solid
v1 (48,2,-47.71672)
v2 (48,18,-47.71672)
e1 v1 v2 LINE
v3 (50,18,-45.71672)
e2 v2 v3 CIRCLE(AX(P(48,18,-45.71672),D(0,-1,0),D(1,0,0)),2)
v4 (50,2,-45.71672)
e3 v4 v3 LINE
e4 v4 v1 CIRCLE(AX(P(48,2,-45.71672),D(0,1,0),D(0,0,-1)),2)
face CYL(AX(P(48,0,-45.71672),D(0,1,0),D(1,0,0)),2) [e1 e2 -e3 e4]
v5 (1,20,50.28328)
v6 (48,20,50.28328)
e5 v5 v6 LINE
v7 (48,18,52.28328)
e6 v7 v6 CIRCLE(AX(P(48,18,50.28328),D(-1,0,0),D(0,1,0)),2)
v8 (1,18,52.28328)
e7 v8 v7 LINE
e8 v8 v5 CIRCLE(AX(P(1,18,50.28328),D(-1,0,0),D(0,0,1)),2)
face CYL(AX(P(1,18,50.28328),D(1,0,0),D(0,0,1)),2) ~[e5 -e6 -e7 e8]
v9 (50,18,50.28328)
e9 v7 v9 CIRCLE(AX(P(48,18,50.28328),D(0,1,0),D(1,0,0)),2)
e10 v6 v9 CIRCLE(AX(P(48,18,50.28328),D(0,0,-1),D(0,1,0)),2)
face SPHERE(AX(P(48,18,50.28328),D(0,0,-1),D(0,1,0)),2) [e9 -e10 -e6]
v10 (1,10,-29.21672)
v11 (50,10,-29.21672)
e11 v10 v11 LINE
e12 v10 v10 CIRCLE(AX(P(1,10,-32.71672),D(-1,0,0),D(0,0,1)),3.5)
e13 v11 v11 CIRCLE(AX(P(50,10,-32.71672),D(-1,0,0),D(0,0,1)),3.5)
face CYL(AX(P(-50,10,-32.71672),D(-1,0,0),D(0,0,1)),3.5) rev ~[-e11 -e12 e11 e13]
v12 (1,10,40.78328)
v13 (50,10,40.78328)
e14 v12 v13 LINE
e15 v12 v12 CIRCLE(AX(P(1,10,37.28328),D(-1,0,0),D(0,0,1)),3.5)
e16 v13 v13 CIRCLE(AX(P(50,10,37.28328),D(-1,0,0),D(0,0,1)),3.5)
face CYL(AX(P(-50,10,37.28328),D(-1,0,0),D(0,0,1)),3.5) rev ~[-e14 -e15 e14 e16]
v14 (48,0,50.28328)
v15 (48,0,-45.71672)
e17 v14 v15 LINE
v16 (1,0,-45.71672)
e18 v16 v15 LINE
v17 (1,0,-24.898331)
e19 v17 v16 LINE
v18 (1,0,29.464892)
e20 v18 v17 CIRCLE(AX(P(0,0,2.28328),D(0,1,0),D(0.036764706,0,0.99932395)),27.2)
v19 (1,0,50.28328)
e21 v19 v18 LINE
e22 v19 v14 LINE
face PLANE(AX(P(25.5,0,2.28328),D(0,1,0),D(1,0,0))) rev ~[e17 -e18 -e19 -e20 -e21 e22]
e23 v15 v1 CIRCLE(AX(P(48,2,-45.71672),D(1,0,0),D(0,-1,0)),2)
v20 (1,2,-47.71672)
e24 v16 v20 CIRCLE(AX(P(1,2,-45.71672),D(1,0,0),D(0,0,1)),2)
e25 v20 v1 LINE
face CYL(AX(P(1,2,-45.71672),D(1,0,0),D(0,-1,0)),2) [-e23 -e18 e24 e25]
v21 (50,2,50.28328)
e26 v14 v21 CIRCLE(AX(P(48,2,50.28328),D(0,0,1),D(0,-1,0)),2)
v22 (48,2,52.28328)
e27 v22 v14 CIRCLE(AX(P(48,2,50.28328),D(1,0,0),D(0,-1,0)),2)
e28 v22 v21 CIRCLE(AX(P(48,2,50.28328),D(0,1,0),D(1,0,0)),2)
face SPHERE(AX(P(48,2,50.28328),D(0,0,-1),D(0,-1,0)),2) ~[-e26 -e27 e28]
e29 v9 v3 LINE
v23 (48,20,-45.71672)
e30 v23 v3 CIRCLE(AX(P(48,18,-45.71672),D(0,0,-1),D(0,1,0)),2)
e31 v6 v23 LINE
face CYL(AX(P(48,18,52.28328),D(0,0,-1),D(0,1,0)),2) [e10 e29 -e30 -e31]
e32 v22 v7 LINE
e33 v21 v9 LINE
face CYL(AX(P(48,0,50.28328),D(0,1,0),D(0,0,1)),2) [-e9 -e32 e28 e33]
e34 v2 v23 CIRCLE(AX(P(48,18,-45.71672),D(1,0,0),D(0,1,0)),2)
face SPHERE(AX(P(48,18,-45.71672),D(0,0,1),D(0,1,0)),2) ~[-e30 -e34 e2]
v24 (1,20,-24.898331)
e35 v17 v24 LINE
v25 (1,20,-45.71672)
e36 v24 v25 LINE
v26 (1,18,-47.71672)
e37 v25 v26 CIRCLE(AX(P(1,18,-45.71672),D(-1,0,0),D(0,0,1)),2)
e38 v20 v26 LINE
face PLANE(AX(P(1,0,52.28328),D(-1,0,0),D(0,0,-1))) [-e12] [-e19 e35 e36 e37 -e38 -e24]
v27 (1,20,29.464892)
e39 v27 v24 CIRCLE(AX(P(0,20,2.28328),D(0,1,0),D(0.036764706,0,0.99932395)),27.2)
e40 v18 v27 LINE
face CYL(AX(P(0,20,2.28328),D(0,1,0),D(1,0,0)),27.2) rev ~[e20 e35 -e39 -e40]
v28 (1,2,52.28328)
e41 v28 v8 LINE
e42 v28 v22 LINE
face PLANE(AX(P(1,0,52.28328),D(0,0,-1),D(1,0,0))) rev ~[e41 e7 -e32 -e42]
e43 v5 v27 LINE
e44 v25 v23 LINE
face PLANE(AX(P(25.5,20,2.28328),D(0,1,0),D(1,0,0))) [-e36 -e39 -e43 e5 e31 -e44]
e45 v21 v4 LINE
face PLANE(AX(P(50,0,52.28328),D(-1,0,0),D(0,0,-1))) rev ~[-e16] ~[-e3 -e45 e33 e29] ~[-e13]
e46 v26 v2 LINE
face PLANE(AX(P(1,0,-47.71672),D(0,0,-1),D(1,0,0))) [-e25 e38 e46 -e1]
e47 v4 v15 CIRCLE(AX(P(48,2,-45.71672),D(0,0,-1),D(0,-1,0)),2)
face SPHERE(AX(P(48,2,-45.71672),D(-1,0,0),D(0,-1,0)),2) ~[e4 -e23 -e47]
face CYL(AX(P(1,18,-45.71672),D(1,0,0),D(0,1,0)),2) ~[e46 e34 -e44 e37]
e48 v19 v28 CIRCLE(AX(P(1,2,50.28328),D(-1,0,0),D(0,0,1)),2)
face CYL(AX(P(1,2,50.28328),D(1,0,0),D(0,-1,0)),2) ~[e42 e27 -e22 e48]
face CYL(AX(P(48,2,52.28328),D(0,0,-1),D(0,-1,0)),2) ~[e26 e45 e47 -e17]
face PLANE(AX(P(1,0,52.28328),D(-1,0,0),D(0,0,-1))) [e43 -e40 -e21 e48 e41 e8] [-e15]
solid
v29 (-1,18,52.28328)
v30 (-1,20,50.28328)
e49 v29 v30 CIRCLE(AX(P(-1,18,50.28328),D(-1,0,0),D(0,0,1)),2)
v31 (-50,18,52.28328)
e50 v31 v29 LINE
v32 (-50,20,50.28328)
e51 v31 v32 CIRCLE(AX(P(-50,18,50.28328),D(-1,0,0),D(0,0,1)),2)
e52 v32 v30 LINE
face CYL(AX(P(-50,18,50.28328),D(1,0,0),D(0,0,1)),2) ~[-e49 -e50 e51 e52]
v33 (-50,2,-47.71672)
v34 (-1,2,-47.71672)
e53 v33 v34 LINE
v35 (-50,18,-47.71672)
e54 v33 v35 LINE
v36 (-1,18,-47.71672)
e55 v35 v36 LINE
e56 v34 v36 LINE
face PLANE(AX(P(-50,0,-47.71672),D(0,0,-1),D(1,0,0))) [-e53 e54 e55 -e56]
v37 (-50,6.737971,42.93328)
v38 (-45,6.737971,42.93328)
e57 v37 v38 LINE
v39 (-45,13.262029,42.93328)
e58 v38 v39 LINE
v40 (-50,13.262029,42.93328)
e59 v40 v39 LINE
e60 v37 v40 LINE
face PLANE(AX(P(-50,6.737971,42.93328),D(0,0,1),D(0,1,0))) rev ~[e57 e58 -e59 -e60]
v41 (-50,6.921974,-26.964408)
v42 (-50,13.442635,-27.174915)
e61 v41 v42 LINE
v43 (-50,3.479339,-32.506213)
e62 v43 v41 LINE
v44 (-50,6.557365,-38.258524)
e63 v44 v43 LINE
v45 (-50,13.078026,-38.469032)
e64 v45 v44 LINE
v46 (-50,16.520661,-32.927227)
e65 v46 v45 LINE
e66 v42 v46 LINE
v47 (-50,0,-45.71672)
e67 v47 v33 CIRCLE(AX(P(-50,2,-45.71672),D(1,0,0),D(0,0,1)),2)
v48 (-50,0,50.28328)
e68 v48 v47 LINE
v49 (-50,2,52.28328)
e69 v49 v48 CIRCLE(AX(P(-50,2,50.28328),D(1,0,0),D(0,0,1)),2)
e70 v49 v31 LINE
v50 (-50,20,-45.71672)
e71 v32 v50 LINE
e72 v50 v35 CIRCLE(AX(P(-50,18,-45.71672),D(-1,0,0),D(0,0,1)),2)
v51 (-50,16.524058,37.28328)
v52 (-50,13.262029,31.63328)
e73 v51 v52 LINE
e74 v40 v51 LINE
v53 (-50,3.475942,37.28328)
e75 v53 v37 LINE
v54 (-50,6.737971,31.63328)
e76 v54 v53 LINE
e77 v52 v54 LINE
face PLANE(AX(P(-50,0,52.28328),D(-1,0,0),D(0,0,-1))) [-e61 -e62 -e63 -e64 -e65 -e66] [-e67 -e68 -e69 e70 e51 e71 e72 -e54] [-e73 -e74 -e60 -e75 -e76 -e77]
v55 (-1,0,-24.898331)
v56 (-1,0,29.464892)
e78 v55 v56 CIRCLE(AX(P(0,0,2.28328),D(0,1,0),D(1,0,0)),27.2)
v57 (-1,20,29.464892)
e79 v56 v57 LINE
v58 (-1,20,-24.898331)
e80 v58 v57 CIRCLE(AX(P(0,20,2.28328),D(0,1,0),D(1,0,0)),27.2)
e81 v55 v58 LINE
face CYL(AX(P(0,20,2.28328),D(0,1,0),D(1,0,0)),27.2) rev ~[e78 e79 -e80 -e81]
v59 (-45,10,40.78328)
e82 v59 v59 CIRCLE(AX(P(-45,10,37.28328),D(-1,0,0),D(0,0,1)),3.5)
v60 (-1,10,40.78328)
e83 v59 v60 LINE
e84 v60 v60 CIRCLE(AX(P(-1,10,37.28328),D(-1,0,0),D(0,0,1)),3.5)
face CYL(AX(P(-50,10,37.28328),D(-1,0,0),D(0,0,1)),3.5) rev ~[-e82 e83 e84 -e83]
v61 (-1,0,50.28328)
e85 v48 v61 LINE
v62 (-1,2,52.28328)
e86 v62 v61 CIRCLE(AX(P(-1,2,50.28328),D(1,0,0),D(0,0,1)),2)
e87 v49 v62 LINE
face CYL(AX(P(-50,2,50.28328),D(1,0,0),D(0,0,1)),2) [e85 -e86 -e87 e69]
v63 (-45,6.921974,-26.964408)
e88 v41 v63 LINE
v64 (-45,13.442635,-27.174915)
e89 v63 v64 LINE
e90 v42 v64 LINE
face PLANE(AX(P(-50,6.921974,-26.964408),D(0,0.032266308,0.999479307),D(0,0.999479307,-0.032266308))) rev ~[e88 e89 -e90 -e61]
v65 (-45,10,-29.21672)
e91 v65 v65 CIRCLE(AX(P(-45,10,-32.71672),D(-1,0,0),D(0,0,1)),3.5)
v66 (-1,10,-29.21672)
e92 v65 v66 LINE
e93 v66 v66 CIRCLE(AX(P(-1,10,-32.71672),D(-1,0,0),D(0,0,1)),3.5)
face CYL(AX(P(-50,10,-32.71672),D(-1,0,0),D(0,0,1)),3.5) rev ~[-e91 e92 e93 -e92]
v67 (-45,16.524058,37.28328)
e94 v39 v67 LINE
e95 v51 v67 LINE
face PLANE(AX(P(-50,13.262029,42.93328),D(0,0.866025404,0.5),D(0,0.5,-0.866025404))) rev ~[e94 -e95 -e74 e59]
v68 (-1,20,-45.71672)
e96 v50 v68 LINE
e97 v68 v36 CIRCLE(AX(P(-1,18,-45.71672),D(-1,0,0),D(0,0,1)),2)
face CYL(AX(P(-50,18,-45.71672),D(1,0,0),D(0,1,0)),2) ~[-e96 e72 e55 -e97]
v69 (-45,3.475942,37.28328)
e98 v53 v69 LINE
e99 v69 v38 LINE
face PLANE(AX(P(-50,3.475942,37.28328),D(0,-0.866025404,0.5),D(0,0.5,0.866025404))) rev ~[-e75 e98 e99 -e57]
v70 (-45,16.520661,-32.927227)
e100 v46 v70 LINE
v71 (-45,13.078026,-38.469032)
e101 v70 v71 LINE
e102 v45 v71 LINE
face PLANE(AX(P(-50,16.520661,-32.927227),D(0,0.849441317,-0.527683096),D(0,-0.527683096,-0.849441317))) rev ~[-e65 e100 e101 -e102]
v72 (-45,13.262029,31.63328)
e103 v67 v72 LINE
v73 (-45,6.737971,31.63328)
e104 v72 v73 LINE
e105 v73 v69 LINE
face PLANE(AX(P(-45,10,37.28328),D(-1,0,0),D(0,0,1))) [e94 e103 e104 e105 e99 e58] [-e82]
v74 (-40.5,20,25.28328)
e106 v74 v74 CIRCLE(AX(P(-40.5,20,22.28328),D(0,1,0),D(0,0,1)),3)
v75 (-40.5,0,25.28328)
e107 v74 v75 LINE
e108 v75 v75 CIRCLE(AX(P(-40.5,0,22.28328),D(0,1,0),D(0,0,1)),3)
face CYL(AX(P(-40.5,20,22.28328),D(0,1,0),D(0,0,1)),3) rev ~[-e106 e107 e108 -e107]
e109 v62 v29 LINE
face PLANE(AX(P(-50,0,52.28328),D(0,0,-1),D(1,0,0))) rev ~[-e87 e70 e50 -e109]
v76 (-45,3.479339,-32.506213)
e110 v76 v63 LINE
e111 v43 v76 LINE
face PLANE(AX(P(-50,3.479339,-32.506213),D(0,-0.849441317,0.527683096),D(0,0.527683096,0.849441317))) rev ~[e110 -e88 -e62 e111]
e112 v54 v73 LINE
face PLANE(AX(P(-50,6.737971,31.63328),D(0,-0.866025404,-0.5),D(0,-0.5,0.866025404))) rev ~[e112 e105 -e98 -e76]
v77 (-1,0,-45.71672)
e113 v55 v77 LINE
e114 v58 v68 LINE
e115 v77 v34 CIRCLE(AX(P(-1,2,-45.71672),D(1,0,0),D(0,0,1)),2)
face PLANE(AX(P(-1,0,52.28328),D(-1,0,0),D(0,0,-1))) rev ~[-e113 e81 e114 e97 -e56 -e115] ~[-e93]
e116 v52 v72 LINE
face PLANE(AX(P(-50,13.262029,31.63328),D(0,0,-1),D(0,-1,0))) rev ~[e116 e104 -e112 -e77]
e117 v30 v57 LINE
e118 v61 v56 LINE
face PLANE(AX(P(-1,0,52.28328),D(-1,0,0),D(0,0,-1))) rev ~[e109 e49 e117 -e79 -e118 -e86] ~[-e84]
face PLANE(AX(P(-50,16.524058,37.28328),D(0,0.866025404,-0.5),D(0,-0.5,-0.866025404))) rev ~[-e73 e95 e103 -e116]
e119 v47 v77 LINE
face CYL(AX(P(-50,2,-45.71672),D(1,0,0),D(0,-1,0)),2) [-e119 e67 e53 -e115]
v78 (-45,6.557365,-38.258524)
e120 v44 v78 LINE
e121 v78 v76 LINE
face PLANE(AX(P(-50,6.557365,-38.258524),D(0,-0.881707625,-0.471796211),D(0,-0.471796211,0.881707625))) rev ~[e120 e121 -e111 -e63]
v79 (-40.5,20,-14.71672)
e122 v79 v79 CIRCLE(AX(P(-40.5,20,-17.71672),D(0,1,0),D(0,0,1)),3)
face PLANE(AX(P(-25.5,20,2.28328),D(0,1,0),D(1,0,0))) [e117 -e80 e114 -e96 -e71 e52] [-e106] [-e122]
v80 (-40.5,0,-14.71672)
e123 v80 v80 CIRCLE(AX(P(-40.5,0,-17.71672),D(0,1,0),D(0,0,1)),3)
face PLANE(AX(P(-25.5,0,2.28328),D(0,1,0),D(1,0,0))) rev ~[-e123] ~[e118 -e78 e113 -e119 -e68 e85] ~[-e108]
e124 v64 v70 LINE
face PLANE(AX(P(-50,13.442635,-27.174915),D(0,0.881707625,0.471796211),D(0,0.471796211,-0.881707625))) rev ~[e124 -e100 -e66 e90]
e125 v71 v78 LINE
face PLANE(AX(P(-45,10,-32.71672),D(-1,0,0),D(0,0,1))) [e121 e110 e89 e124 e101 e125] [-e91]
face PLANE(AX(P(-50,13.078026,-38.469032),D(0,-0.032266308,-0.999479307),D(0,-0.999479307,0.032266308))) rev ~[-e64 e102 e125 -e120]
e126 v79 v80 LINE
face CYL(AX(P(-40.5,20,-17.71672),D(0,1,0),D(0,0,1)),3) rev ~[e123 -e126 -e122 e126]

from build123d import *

# Parameters (mm, degrees)
ESQUISSE1_W             = 49
ESQUISSE1_H             = 100
BOSS_EXTRU_1_DEPTH      = 20
ESQUISSE2_W             = 49
ESQUISSE2_H             = 100
BOSS_EXTRU_2_DEPTH      = 20
ESQUISSE3_R             = 27.2
ENL_V_MAT_EXTRU_1_DEPTH = 76.056920996
ESQUISSE4_R             = 3.5
ENL_V_MAT_EXTRU_2_DEPTH = 115.60166399
ESQUISSE5_R             = 3
ENL_V_MAT_EXTRU_3_DEPTH = 76.056920996
ENL_V_MAT_EXTRU_5_DEPTH = 5
CONG_1_R                = 2
CONG_2_R                = 2


with BuildPart() as part:
    # Esquisse1 → Boss.-Extru.1 (new body)
    with BuildSketch(Plane(origin=(0, 0, 0), x_dir=(1, 0, 0), z_dir=(0, 1, 0))):
        with Locations((25.5, -2.283280209)):
            Rectangle(ESQUISSE1_W, ESQUISSE1_H)
    extrude(amount=BOSS_EXTRU_1_DEPTH)


with BuildPart() as body_2:
    # Esquisse2 → Boss.-Extru.2 (new body)
    with BuildSketch(Plane(origin=(0, 0, 0), x_dir=(1, 0, 0), z_dir=(0, 1, 0))):
        with Locations((-25.5, -2.283280209)):
            Rectangle(ESQUISSE2_W, ESQUISSE2_H)
    extrude(amount=BOSS_EXTRU_2_DEPTH)


with BuildPart() as enl_v_mat_extru_1_tool:
    # Esquisse3 → Enlèv. mat.-Extru.1 (new, through all)
    with BuildSketch(Plane(origin=(0, 20, 0), x_dir=(1, 0, 0), z_dir=(0, 1, 0))):
        with Locations((0, -2.283280209)):
            Circle(ESQUISSE3_R)
    extrude(amount=-ENL_V_MAT_EXTRU_1_DEPTH)


with BuildPart() as part_1:
    add(part.part)

    # Enlèv. mat.-Extru.1: cut by enl_v_mat_extru_1_tool
    add(enl_v_mat_extru_1_tool.part, mode=Mode.SUBTRACT)


with BuildPart() as body_2_1:
    add(body_2.part)

    # Enlèv. mat.-Extru.1: cut by enl_v_mat_extru_1_tool
    add(enl_v_mat_extru_1_tool.part, mode=Mode.SUBTRACT)


with BuildPart() as enl_v_mat_extru_2_tool:
    # Esquisse4 → Enlèv. mat.-Extru.2 (new, through all)
    with BuildSketch(Plane.ZY.offset(50)):
        with Locations((-32.716719791, 10)):
            Circle(ESQUISSE4_R)
        with Locations((37.283280209, 10)):
            Circle(ESQUISSE4_R)
    extrude(amount=-ENL_V_MAT_EXTRU_2_DEPTH)


with BuildPart() as part_2:
    add(part_1.part)

    # Enlèv. mat.-Extru.2: cut by enl_v_mat_extru_2_tool
    add(enl_v_mat_extru_2_tool.part, mode=Mode.SUBTRACT)

    # Congé2
    cong_2_edges = [part_2.edges().sort_by_distance(p)[0] for p in [
        (50, 20, 2.283280209),
        (25.5, 20, -47.716719791),
        (25.5, 0, -47.716719791),
        (50, 0, 2.283280209),
        (25.5, 0, 52.283280209),
        (25.5, 20, 52.283280209),
        (50, 10, -47.716719791),
        (50, 10, 52.283280209),
    ]]
    fillet(cong_2_edges, radius=CONG_2_R)


with BuildPart() as body_2_2:
    add(body_2_1.part)

    # Enlèv. mat.-Extru.2: cut by enl_v_mat_extru_2_tool
    add(enl_v_mat_extru_2_tool.part, mode=Mode.SUBTRACT)

    # Esquisse5 → Enlèv. mat.-Extru.3 (cut, through all)
    with BuildSketch(Plane(origin=(0, 20, 0), x_dir=(1, 0, 0), z_dir=(0, 1, 0))):
        with Locations(Location((-40.5, 17.716719791, 0), (0, 0, 270))):
            Circle(ESQUISSE5_R)
        with Locations(Location((-40.5, -22.283280209, 0), (0, 0, 270))):
            Circle(ESQUISSE5_R)
    extrude(amount=-ENL_V_MAT_EXTRU_3_DEPTH, mode=Mode.SUBTRACT)

    # Esquisse7 → Enlèv. mat.-Extru.5 (cut)
    with BuildSketch(Plane.ZY.offset(50)):
        Polygon((-26.964408073, 6.921974135), (-27.174915339, 13.442635146), (-32.927227058, 16.520661011), (-38.46903151, 13.078025865), (-38.258524244, 6.557364854), (-32.506212525, 3.479338989), align=None)
        Polygon((37.283280209, 3.475941958), (42.933280209, 6.737970979), (42.933280209, 13.262029021), (37.283280209, 16.524058042), (31.633280209, 13.262029021), (31.633280209, 6.737970979), align=None)
    extrude(amount=-ENL_V_MAT_EXTRU_5_DEPTH, mode=Mode.SUBTRACT)

    # Congé1
    cong_1_edges = [body_2_2.edges().sort_by_distance(p)[0] for p in [
        (-25.5, 20, 52.283280209),
        (-25.5, 20, -47.716719791),
        (-25.5, 0, 52.283280209),
        (-25.5, 0, -47.716719791),
    ]]
    fillet(cong_1_edges, radius=CONG_1_R)


solid = Compound([part_2.part, body_2_2.part])
